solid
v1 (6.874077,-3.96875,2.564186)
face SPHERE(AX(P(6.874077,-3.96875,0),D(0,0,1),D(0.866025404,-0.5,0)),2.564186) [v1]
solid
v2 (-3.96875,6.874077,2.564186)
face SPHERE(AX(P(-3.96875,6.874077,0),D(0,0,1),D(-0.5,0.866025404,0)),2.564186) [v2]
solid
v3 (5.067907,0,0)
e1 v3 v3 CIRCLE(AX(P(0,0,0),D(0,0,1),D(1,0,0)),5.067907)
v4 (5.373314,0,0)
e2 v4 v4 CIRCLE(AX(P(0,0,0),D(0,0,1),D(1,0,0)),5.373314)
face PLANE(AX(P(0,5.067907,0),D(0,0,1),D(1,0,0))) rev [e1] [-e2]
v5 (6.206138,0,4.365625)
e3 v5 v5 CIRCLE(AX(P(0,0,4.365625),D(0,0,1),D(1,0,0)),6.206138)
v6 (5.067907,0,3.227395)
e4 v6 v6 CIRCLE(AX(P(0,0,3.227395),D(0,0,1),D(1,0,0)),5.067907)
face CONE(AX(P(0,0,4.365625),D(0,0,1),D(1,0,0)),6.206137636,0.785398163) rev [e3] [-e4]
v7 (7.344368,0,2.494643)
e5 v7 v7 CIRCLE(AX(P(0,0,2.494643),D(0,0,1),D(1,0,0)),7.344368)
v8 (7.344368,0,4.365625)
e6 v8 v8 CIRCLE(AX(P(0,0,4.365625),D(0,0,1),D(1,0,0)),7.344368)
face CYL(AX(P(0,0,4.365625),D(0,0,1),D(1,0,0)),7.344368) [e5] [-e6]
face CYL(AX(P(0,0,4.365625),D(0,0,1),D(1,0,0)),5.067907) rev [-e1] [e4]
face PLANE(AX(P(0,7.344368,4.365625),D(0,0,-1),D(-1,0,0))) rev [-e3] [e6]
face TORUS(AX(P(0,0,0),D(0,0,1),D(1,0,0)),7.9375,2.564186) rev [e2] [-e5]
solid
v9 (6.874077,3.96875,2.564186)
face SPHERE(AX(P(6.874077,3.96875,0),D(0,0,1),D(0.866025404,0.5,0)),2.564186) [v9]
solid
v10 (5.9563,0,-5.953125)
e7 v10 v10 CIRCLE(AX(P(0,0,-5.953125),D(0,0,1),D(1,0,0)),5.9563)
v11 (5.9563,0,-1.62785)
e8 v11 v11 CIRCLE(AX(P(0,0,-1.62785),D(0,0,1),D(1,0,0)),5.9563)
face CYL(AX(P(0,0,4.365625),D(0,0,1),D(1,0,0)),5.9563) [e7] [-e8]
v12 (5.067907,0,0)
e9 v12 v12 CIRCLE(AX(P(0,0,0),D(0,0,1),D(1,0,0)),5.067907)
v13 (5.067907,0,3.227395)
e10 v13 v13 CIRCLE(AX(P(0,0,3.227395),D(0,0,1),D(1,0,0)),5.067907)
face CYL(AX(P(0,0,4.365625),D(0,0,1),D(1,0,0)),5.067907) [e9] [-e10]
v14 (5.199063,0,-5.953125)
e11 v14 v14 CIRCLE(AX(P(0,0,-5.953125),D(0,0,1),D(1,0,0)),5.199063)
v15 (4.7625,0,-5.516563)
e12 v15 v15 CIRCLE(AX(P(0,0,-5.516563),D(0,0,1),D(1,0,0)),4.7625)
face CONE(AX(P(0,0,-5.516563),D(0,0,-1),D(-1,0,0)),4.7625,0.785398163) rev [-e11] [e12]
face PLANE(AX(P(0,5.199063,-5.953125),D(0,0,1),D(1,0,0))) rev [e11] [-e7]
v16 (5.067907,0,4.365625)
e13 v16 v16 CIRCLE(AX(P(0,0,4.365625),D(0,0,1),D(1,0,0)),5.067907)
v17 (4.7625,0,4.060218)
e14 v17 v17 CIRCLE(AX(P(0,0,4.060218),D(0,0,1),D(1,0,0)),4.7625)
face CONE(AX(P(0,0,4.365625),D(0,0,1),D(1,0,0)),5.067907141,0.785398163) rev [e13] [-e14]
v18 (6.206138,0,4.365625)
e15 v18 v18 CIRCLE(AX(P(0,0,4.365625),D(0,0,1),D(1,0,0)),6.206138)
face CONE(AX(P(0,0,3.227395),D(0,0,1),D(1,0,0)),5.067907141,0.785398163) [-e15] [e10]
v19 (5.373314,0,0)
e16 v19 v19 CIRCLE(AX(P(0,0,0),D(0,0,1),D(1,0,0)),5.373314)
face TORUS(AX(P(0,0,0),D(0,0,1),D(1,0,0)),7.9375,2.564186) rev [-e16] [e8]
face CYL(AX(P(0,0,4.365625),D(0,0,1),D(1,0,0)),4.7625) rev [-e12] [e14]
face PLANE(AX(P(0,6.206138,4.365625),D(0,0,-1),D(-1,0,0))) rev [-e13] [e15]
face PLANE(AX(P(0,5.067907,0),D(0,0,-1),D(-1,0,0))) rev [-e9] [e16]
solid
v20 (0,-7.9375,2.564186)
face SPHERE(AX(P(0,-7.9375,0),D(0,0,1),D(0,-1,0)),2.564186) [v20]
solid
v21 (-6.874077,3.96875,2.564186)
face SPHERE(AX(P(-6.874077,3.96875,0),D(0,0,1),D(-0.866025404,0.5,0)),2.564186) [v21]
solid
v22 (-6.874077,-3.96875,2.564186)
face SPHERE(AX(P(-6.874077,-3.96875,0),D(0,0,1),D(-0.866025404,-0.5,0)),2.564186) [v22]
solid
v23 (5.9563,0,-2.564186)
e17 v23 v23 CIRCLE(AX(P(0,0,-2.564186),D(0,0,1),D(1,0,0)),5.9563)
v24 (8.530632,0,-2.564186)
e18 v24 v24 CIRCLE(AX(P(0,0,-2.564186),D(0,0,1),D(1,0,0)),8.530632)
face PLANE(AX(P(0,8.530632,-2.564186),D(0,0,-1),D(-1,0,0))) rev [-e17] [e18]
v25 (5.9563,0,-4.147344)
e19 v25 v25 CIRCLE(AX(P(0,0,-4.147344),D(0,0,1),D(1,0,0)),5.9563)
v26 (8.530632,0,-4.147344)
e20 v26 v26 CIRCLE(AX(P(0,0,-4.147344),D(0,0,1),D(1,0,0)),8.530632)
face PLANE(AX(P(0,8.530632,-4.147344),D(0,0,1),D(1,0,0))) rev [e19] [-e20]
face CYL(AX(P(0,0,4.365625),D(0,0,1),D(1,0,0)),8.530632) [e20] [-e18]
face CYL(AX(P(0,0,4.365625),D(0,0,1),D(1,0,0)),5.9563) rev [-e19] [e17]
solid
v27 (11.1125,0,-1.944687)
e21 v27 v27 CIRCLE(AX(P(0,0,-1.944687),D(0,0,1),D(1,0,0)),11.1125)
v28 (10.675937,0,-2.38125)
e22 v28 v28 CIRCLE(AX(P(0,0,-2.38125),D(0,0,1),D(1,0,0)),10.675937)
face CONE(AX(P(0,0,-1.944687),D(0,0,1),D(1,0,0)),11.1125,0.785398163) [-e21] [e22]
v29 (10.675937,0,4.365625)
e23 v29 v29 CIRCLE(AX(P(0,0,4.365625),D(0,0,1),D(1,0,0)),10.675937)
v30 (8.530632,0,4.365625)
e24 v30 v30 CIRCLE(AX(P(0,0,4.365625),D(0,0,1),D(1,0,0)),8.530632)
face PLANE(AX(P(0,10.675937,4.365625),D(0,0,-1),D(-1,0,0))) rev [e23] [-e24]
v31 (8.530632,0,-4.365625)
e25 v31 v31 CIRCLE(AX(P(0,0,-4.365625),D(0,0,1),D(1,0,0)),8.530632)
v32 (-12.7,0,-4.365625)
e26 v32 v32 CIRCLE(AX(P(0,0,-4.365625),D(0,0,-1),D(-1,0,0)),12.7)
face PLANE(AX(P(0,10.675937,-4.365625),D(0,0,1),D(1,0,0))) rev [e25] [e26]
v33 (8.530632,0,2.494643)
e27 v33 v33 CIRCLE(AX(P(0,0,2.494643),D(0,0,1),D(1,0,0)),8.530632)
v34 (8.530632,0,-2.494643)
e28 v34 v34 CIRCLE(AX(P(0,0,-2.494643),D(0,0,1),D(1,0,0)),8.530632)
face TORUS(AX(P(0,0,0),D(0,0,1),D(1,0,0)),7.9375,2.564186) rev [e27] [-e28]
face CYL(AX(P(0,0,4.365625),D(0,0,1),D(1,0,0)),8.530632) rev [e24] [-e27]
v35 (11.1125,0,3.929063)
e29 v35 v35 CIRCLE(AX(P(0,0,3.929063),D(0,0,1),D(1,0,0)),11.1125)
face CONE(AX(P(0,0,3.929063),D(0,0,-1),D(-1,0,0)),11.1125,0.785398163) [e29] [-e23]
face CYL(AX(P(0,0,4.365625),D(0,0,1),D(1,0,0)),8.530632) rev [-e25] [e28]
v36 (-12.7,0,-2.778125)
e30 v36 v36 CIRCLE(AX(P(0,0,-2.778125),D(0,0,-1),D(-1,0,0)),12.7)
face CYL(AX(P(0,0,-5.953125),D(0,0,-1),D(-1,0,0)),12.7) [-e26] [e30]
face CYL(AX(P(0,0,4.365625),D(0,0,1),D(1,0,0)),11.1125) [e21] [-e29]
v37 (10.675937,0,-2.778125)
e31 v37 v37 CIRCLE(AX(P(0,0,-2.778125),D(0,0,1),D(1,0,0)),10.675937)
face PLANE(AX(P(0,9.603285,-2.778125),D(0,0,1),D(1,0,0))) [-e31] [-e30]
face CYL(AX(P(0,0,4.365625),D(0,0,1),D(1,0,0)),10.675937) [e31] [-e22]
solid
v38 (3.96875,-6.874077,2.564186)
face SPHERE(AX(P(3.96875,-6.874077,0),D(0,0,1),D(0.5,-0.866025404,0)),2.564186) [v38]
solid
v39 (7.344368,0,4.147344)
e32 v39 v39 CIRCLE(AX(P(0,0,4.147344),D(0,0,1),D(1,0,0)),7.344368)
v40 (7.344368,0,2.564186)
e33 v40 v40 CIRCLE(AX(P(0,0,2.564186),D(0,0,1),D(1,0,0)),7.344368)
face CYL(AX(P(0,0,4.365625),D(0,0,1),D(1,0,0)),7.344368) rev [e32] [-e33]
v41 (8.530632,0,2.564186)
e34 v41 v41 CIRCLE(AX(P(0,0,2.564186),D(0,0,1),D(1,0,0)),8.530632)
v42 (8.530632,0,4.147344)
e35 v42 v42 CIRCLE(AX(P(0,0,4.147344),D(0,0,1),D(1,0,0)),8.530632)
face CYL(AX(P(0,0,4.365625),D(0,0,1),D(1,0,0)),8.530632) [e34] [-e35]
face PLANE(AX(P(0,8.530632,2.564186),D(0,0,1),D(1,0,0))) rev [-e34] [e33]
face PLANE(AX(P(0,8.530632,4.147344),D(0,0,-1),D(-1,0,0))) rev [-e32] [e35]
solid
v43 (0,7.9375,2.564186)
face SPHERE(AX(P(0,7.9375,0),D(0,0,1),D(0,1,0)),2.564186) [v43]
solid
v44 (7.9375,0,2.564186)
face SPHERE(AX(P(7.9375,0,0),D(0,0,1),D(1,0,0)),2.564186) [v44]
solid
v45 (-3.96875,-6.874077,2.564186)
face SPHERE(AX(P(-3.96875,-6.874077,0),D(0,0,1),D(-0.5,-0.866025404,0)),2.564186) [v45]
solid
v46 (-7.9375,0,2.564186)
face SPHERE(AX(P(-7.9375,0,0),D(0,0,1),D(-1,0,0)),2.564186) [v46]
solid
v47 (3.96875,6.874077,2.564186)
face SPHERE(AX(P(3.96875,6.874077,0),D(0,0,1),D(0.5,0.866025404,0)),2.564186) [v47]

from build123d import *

# Parameters (mm, degrees)
SKETCH5_W         = 1.5875
SKETCH5_H         = 3.096715316
CIRPATTERN1_COUNT = 12
SKETCH7_W         = 1.583158032
SKETCH7_H         = 1.186263736
SKETCH7_H_2       = 2.574331868


with BuildPart() as part:
    # Sketch1 → Revolve1 (revolve)
    with BuildSketch(Plane(origin=(0, 0, 0), x_dir=(0, 0, -1), z_dir=(1, 0, 0))):
        with BuildLine():
            Line((3.9290625, 11.1125), (-3.9290625, 11.1125))
            Line((-3.9290625, 11.1125), (-4.365625, 10.6759375))
            Line((-4.365625, 10.6759375), (-4.365625, 8.530631868))
            Line((-4.365625, 8.530631868), (-2.494642857, 8.530631868))
            ThreePointArc((-2.494642857, 8.530631868), (0, 10.501685718), (2.494642857, 8.530631868))
            Line((2.494642857, 8.530631868), (4.365625, 8.530631868))
            Line((4.365625, 8.530631868), (4.365625, 10.6759375))
            Line((4.365625, 10.6759375), (3.9290625, 11.1125))
        make_face()
    revolve(axis=Axis((0, 0, 4.365625), (0, 0, -1)))

    # Sketch5 → Revolve5 (revolve)
    with BuildSketch(Plane(origin=(0, 0, 0), x_dir=(0, 0, -1), z_dir=(1, 0, 0))):
        with Locations((3.571875, 11.151642342)):
            Rectangle(SKETCH5_W, SKETCH5_H)
    revolve(axis=Axis((0, 0, -5.953125), (0, 0, 1)))

    # Sketch6 → Cut-Revolve1 (revolve, cut)
    with BuildSketch(Plane(origin=(0, 0, 0), x_dir=(0, 0, -1), z_dir=(1, 0, 0))):
        Polygon((1.9446875, 11.1125), (2.38125, 10.6759375), (2.778125, 10.6759375), (2.778125, 11.1125), align=None)
    revolve(axis=Axis((0, 0, 4.365625), (0, 0, -1)), mode=Mode.SUBTRACT)


with BuildPart() as body_2:
    # Sketch2 → Revolve2 (revolve)
    with BuildSketch(Plane(origin=(0, 0, 0), x_dir=(0, 0, -1), z_dir=(1, 0, 0))):
        with BuildLine():
            Line((-4.365625, 7.344368132), (-2.494642857, 7.344368132))
            ThreePointArc((-2.494642857, 7.344368132), (-1.589677347, 5.925542165), (0, 5.373314282))
            Line((0, 5.373314282), (0, 5.067907141))
            Line((0, 5.067907141), (-3.227394505, 5.067907141))
            Line((-3.227394505, 5.067907141), (-4.365625, 6.206137636))
            Line((-4.365625, 6.206137636), (-4.365625, 7.344368132))
        make_face()
    revolve(axis=Axis((0, 0, 4.365625), (0, 0, -1)))


with BuildPart() as body_3:
    # Sketch3 → Revolve3 (revolve)
    with BuildSketch(Plane(origin=(0, 0, 0), x_dir=(0, 0, -1), z_dir=(1, 0, 0))):
        with BuildLine():
            Line((-4.365625, 6.206137636), (-3.227394505, 5.067907141))
            Line((-3.227394505, 5.067907141), (0, 5.067907141))
            Line((0, 5.067907141), (0, 5.373314282))
            ThreePointArc((0, 5.373314282), (0.86454718, 5.523456386), (1.627849796, 5.9563))
            Line((1.627849796, 5.9563), (5.953125, 5.9563))
            Line((5.953125, 5.9563), (5.953125, 5.1990625))
            Line((5.953125, 5.1990625), (5.5165625, 4.7625))
            Line((5.5165625, 4.7625), (-4.060217859, 4.7625))
            Line((-4.060217859, 4.7625), (-4.365625, 5.067907141))
            Line((-4.365625, 5.067907141), (-4.365625, 6.206137636))
        make_face()
    revolve(axis=Axis((0, 0, 4.365625), (0, 0, -1)))


with BuildPart() as body_4:
    # Sketch4 → Revolve4 (revolve)
    with BuildSketch(Plane(origin=(0, 0, 0), x_dir=(0, 0, -1), z_dir=(1, 0, 0))):
        with BuildLine():
            Line((-2.564185718, 7.9375), (2.564185718, 7.9375))
            ThreePointArc((2.564185718, 7.9375), (0, 10.501685718), (-2.564185718, 7.9375))
        make_face()
    revolve(axis=Axis((0, 7.9375, 2.564185718), (0, 0, -1)))


with BuildPart() as cirpattern1_1:
    # CirPattern1: pattern copy
    add(body_4.part.rotate(Axis((0, 0, -4.365625), (0, 0, 1)), 1 * 360 / CIRPATTERN1_COUNT))


with BuildPart() as cirpattern1_2:
    # CirPattern1: pattern copy
    add(body_4.part.rotate(Axis((0, 0, -4.365625), (0, 0, 1)), 2 * 360 / CIRPATTERN1_COUNT))


with BuildPart() as cirpattern1_3:
    # CirPattern1: pattern copy
    add(body_4.part.rotate(Axis((0, 0, -4.365625), (0, 0, 1)), 3 * 360 / CIRPATTERN1_COUNT))


with BuildPart() as cirpattern1_4:
    # CirPattern1: pattern copy
    add(body_4.part.rotate(Axis((0, 0, -4.365625), (0, 0, 1)), 4 * 360 / CIRPATTERN1_COUNT))


with BuildPart() as cirpattern1_5:
    # CirPattern1: pattern copy
    add(body_4.part.rotate(Axis((0, 0, -4.365625), (0, 0, 1)), 5 * 360 / CIRPATTERN1_COUNT))


with BuildPart() as cirpattern1_6:
    # CirPattern1: pattern copy
    add(body_4.part.rotate(Axis((0, 0, -4.365625), (0, 0, 1)), 6 * 360 / CIRPATTERN1_COUNT))


with BuildPart() as cirpattern1_7:
    # CirPattern1: pattern copy
    add(body_4.part.rotate(Axis((0, 0, -4.365625), (0, 0, 1)), 7 * 360 / CIRPATTERN1_COUNT))


with BuildPart() as cirpattern1_8:
    # CirPattern1: pattern copy
    add(body_4.part.rotate(Axis((0, 0, -4.365625), (0, 0, 1)), 8 * 360 / CIRPATTERN1_COUNT))


with BuildPart() as cirpattern1_9:
    # CirPattern1: pattern copy
    add(body_4.part.rotate(Axis((0, 0, -4.365625), (0, 0, 1)), 9 * 360 / CIRPATTERN1_COUNT))


with BuildPart() as cirpattern1_10:
    # CirPattern1: pattern copy
    add(body_4.part.rotate(Axis((0, 0, -4.365625), (0, 0, 1)), 10 * 360 / CIRPATTERN1_COUNT))


with BuildPart() as cirpattern1_11:
    # CirPattern1: pattern copy
    add(body_4.part.rotate(Axis((0, 0, -4.365625), (0, 0, 1)), 11 * 360 / CIRPATTERN1_COUNT))


with BuildPart() as body_16:
    # Sketch7 → Revolve6 (revolve)
    with BuildSketch(Plane(origin=(0, 0, 0), x_dir=(0, 0, -1), z_dir=(1, 0, 0))):
        with Locations((-3.355764734, 7.9375)):
            Rectangle(SKETCH7_W, SKETCH7_H)
        with Locations((3.355764734, 7.243465934)):
            Rectangle(SKETCH7_W, SKETCH7_H_2)
    revolve(axis=Axis((0, 0, 4.365625), (0, 0, -1)))


solid = Compound([part.part, body_2.part, body_3.part, body_4.part, cirpattern1_1.part, cirpattern1_2.part, cirpattern1_3.part, cirpattern1_4.part, cirpattern1_5.part, cirpattern1_6.part, cirpattern1_7.part, cirpattern1_8.part, cirpattern1_9.part, cirpattern1_10.part, cirpattern1_11.part, body_16.part])
